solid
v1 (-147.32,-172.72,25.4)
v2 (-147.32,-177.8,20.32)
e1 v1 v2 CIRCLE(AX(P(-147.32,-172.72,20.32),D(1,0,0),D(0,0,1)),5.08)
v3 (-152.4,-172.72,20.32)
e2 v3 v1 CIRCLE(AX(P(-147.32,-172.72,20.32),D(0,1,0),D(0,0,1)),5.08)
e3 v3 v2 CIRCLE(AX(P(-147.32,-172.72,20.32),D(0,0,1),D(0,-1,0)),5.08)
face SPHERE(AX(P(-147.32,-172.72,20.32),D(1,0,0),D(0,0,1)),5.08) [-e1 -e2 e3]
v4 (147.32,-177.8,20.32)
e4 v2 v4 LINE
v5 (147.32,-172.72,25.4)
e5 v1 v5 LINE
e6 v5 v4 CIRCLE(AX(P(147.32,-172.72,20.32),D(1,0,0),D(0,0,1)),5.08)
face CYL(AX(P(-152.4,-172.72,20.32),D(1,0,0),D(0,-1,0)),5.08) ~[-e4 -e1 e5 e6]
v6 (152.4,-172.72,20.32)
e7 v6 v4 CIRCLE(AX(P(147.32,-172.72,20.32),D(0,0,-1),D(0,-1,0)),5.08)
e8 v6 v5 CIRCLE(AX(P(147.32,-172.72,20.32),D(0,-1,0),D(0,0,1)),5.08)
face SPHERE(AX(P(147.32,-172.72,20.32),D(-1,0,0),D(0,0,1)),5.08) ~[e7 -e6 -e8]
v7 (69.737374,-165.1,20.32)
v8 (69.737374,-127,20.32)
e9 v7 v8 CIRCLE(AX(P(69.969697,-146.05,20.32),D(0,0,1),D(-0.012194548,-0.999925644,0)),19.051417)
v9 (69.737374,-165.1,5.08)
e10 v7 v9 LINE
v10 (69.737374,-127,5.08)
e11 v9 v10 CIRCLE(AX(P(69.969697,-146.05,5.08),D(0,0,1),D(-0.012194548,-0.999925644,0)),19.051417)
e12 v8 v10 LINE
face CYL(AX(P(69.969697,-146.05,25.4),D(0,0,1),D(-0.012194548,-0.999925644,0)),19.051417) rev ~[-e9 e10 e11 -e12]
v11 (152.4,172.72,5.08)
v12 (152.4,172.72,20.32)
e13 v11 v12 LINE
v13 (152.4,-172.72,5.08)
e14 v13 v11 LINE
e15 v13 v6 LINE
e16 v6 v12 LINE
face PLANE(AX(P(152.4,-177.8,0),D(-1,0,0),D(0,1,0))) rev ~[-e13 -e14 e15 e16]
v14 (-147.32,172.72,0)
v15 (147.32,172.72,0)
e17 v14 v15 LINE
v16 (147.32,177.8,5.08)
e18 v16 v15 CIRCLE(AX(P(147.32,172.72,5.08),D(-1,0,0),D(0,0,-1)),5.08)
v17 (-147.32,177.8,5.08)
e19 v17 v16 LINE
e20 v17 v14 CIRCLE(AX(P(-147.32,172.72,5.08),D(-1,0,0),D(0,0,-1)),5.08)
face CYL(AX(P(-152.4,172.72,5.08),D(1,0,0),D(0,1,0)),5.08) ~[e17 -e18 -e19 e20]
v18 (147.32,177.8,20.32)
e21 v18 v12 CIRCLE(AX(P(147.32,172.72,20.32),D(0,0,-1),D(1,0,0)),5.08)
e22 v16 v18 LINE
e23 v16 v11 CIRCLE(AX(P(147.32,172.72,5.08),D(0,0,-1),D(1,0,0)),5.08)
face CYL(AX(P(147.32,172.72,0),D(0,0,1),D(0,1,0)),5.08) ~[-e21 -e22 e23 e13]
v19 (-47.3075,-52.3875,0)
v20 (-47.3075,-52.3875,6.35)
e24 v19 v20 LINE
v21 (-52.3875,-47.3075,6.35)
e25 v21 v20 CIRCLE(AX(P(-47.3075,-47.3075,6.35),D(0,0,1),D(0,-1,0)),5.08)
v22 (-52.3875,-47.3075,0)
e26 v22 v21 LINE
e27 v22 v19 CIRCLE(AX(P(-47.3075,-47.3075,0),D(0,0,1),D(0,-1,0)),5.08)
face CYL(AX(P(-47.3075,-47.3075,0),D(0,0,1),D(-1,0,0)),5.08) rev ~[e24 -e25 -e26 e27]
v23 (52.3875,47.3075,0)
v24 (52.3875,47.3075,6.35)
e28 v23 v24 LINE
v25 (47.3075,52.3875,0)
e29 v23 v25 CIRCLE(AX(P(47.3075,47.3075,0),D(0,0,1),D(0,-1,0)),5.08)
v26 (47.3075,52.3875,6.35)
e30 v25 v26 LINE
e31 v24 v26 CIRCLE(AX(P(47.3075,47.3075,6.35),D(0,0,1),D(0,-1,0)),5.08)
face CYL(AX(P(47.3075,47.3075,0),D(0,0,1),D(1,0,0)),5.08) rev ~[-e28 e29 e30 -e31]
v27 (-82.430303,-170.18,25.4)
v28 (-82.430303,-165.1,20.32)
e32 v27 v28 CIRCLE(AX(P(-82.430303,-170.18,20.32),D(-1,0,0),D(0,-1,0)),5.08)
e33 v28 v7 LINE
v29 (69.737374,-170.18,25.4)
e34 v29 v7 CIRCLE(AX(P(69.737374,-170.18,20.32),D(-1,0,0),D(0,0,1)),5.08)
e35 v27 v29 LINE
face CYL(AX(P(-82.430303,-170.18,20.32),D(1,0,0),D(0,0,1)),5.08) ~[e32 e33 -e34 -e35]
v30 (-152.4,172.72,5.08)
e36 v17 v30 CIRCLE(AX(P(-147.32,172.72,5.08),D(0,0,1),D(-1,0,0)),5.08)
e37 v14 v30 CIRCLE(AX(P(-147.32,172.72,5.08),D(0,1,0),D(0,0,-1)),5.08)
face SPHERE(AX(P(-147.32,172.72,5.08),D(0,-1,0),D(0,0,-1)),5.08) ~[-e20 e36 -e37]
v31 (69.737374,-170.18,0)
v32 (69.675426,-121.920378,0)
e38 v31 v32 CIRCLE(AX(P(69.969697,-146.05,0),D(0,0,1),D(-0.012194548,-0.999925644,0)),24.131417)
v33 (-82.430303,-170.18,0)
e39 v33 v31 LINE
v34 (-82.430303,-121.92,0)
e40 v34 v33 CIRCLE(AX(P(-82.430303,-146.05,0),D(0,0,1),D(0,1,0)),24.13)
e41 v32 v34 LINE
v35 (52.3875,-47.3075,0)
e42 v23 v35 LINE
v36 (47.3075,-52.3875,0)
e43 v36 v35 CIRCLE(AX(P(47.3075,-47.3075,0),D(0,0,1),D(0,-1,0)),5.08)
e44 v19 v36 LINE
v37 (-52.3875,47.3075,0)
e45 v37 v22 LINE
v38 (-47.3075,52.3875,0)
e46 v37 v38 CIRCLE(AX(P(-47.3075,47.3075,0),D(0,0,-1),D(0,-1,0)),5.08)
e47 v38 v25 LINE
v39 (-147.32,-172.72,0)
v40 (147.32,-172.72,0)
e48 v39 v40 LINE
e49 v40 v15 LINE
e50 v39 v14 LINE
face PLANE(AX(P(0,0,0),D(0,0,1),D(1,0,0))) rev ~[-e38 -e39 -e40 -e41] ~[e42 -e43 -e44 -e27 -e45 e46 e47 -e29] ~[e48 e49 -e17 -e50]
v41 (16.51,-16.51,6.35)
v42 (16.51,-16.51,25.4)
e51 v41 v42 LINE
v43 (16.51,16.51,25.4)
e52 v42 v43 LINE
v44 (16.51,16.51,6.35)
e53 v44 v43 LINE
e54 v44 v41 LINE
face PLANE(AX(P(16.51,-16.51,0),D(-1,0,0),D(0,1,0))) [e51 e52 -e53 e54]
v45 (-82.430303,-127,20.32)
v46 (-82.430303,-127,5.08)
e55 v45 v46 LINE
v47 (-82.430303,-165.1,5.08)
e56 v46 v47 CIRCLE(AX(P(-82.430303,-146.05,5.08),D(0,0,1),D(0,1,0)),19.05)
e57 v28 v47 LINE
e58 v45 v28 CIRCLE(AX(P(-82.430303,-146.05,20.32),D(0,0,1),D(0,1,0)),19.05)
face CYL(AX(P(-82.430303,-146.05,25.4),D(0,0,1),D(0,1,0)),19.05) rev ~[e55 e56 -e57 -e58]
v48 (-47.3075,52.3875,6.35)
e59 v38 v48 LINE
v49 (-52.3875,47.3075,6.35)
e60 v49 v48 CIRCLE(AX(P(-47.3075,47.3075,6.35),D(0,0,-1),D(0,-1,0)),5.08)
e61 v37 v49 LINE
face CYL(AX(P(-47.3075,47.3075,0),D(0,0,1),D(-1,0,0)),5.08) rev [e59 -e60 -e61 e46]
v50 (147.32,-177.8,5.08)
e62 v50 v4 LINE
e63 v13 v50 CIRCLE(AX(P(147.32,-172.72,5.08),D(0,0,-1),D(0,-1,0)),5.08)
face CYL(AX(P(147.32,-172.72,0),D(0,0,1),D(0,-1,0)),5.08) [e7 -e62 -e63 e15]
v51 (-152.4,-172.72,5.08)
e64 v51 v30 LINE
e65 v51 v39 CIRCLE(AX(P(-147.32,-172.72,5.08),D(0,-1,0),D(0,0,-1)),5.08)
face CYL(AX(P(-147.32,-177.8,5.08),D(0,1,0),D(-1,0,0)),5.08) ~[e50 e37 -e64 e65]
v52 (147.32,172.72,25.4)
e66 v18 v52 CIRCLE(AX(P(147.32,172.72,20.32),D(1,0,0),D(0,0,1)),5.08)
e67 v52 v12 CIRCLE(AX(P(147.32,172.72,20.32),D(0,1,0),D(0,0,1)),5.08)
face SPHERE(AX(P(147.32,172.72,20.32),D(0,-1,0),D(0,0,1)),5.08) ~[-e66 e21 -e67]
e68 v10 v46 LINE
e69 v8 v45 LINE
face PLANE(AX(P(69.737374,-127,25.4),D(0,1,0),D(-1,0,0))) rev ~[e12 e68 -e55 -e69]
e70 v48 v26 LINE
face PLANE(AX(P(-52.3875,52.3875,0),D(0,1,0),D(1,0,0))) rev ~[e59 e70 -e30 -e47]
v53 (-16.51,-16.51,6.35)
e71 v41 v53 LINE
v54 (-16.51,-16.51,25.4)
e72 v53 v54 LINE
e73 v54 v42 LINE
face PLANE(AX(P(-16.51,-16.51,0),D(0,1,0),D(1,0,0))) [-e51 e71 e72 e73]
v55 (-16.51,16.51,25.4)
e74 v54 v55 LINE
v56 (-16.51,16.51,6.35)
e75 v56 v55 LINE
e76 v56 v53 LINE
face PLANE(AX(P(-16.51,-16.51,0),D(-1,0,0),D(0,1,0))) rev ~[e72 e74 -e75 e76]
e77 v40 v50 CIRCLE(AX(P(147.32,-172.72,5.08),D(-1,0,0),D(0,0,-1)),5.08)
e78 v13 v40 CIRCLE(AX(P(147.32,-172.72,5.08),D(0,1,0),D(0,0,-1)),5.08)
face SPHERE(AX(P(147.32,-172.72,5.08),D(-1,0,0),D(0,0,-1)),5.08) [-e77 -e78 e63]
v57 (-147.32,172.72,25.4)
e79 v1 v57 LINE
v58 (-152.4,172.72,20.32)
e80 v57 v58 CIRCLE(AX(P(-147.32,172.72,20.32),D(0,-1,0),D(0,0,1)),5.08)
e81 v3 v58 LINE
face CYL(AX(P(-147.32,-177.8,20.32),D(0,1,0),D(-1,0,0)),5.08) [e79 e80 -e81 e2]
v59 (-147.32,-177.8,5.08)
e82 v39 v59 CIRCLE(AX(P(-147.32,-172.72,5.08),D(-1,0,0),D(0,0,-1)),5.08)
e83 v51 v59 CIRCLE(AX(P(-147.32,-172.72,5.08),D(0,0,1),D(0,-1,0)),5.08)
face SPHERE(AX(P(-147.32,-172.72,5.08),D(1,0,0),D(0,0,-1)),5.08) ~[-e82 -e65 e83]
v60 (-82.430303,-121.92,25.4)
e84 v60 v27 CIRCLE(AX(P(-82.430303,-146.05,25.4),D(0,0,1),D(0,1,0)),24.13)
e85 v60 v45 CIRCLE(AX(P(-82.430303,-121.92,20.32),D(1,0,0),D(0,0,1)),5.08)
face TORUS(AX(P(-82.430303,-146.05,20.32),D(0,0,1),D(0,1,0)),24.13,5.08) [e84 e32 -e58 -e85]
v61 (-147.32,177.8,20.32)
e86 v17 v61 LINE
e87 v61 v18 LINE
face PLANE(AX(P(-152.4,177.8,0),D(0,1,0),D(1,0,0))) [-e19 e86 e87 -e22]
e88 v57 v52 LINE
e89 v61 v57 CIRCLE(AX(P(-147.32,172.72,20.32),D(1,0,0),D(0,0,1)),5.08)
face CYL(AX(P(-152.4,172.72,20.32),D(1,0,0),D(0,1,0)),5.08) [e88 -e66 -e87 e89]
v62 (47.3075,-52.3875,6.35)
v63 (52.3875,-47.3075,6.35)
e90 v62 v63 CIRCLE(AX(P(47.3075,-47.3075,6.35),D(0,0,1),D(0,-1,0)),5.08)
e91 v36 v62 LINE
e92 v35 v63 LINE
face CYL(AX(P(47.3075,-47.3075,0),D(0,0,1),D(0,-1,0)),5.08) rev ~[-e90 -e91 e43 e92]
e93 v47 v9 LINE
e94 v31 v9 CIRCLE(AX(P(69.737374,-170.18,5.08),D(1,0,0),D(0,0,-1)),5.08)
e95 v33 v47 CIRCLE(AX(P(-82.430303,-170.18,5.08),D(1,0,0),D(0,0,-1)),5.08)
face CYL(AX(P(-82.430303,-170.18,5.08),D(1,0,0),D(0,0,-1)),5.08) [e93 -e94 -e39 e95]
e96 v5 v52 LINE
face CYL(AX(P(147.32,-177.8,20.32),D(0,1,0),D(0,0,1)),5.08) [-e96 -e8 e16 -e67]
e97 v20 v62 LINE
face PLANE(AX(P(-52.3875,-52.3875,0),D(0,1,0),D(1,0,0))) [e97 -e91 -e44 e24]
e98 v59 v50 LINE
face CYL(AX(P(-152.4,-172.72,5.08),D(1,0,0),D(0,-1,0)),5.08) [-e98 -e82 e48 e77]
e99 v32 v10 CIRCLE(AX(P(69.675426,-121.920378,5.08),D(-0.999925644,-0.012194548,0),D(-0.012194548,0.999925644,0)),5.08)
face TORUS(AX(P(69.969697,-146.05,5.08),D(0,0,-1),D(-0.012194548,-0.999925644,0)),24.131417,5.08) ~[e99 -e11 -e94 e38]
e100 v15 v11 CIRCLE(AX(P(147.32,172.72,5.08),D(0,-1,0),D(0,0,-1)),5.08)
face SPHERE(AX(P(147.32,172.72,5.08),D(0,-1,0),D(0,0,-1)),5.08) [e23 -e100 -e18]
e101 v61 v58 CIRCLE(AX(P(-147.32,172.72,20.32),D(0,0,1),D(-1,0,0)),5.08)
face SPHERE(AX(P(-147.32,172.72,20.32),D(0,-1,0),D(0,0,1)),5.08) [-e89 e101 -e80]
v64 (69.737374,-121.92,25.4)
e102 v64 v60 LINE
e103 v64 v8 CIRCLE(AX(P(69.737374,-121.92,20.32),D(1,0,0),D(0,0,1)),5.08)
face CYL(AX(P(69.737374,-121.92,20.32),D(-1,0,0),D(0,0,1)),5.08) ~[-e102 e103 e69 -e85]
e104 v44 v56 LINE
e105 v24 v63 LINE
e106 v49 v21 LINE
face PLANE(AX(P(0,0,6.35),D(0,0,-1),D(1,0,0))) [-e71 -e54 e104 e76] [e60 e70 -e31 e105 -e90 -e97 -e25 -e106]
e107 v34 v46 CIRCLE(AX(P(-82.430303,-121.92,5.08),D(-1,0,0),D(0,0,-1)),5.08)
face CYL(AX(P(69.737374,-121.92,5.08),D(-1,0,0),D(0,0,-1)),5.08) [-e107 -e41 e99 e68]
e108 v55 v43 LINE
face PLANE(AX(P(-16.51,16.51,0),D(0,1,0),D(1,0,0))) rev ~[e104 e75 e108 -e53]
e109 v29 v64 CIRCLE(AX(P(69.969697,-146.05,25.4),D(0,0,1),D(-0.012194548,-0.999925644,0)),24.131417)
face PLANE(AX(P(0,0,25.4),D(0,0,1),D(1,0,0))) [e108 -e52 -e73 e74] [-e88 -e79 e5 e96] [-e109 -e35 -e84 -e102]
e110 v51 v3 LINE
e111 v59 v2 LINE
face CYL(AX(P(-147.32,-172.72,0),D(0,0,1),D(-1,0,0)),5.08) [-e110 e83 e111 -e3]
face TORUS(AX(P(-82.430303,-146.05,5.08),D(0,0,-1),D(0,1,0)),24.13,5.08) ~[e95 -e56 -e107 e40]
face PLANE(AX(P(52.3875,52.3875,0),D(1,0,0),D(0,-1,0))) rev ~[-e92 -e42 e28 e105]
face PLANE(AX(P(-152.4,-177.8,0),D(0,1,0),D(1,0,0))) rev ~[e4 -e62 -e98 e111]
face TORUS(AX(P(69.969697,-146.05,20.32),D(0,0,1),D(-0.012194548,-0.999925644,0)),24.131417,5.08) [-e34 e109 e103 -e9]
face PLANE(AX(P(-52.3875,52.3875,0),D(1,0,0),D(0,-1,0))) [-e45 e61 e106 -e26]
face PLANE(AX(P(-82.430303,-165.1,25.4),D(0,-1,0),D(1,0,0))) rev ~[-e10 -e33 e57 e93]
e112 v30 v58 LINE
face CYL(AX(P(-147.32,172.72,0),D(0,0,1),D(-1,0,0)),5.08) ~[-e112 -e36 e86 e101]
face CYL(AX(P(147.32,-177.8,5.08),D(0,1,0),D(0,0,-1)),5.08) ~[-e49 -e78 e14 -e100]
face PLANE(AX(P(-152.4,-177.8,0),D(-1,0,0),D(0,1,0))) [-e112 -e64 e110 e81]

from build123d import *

# Parameters (mm, degrees)
F0_W     = 304.8
F0_H     = 355.6
F0_W_2   = 33.02
F0_H_2   = 33.02
F1_DEPTH = 25.4
F3_DEPTH = 25.401
F4_R     = 5.08
F5_W     = 104.775
F5_H     = 104.775
F6_DEPTH = 6.35
F7_R     = 5.08


with BuildPart() as f1:
    # F0 (on Top) → F1 (new body)
    with BuildSketch(Plane.XY):
        Rectangle(F0_W, F0_H)
        Rectangle(F0_W_2, F0_H_2, mode=Mode.SUBTRACT)
    extrude(amount=F1_DEPTH)

    # F2 (on face) → F3 (cut, through all)
    with BuildSketch(Plane.XY.offset(25.4)):
        with BuildLine():
            Line((69.737374, -127), (-82.430303, -127))
            ThreePointArc((-82.430303, -127), (-101.480303, -146.05), (-82.430303, -165.1))
            Line((-82.430303, -165.1), (69.737374, -165.1))
            ThreePointArc((69.737374, -165.1), (89.021114, -146.05), (69.737374, -127))
        make_face()
    extrude(amount=-F3_DEPTH, mode=Mode.SUBTRACT)

    # F4
    f4_edges = [f1.edges().sort_by_distance(p)[0] for p in [
        (0, -177.8, 25.4),
        (0, -177.8, 0),
        (152.4, 0, 25.4),
        (152.4, 0, 0),
        (-152.4, 0, 25.4),
        (-152.4, 0, 0),
        (0, 177.8, 0),
        (-6.346464, -127, 25.4),
        (-101.480303, -146.05, 25.4),
        (89.021114, -146.05, 25.4),
        (-6.346464, -165.1, 0),
        (89.021114, -146.05, 0),
        (0, 177.8, 25.4),
        (152.4, 177.8, 12.7),
        (-152.4, 177.8, 12.7),
        (-152.4, -177.8, 12.7),
        (152.4, -177.8, 12.7),
    ]]
    fillet(f4_edges, radius=F4_R)

    # F5 (on face) → F6 (cut)
    with BuildSketch(Plane(origin=(0, 0, 0), x_dir=(1, 0, 0), z_dir=(0, 0, -1))):
        Rectangle(F5_W, F5_H)
    extrude(amount=-F6_DEPTH, mode=Mode.SUBTRACT)

    # F7
    f7_edges = [f1.edges().sort_by_distance(p)[0] for p in [
        (-52.3875, -52.3875, 3.175),
        (52.3875, -52.3875, 3.175),
        (-52.3875, 52.3875, 3.175),
        (52.3875, 52.3875, 3.175),
    ]]
    fillet(f7_edges, radius=F7_R)


solid = f1.part
